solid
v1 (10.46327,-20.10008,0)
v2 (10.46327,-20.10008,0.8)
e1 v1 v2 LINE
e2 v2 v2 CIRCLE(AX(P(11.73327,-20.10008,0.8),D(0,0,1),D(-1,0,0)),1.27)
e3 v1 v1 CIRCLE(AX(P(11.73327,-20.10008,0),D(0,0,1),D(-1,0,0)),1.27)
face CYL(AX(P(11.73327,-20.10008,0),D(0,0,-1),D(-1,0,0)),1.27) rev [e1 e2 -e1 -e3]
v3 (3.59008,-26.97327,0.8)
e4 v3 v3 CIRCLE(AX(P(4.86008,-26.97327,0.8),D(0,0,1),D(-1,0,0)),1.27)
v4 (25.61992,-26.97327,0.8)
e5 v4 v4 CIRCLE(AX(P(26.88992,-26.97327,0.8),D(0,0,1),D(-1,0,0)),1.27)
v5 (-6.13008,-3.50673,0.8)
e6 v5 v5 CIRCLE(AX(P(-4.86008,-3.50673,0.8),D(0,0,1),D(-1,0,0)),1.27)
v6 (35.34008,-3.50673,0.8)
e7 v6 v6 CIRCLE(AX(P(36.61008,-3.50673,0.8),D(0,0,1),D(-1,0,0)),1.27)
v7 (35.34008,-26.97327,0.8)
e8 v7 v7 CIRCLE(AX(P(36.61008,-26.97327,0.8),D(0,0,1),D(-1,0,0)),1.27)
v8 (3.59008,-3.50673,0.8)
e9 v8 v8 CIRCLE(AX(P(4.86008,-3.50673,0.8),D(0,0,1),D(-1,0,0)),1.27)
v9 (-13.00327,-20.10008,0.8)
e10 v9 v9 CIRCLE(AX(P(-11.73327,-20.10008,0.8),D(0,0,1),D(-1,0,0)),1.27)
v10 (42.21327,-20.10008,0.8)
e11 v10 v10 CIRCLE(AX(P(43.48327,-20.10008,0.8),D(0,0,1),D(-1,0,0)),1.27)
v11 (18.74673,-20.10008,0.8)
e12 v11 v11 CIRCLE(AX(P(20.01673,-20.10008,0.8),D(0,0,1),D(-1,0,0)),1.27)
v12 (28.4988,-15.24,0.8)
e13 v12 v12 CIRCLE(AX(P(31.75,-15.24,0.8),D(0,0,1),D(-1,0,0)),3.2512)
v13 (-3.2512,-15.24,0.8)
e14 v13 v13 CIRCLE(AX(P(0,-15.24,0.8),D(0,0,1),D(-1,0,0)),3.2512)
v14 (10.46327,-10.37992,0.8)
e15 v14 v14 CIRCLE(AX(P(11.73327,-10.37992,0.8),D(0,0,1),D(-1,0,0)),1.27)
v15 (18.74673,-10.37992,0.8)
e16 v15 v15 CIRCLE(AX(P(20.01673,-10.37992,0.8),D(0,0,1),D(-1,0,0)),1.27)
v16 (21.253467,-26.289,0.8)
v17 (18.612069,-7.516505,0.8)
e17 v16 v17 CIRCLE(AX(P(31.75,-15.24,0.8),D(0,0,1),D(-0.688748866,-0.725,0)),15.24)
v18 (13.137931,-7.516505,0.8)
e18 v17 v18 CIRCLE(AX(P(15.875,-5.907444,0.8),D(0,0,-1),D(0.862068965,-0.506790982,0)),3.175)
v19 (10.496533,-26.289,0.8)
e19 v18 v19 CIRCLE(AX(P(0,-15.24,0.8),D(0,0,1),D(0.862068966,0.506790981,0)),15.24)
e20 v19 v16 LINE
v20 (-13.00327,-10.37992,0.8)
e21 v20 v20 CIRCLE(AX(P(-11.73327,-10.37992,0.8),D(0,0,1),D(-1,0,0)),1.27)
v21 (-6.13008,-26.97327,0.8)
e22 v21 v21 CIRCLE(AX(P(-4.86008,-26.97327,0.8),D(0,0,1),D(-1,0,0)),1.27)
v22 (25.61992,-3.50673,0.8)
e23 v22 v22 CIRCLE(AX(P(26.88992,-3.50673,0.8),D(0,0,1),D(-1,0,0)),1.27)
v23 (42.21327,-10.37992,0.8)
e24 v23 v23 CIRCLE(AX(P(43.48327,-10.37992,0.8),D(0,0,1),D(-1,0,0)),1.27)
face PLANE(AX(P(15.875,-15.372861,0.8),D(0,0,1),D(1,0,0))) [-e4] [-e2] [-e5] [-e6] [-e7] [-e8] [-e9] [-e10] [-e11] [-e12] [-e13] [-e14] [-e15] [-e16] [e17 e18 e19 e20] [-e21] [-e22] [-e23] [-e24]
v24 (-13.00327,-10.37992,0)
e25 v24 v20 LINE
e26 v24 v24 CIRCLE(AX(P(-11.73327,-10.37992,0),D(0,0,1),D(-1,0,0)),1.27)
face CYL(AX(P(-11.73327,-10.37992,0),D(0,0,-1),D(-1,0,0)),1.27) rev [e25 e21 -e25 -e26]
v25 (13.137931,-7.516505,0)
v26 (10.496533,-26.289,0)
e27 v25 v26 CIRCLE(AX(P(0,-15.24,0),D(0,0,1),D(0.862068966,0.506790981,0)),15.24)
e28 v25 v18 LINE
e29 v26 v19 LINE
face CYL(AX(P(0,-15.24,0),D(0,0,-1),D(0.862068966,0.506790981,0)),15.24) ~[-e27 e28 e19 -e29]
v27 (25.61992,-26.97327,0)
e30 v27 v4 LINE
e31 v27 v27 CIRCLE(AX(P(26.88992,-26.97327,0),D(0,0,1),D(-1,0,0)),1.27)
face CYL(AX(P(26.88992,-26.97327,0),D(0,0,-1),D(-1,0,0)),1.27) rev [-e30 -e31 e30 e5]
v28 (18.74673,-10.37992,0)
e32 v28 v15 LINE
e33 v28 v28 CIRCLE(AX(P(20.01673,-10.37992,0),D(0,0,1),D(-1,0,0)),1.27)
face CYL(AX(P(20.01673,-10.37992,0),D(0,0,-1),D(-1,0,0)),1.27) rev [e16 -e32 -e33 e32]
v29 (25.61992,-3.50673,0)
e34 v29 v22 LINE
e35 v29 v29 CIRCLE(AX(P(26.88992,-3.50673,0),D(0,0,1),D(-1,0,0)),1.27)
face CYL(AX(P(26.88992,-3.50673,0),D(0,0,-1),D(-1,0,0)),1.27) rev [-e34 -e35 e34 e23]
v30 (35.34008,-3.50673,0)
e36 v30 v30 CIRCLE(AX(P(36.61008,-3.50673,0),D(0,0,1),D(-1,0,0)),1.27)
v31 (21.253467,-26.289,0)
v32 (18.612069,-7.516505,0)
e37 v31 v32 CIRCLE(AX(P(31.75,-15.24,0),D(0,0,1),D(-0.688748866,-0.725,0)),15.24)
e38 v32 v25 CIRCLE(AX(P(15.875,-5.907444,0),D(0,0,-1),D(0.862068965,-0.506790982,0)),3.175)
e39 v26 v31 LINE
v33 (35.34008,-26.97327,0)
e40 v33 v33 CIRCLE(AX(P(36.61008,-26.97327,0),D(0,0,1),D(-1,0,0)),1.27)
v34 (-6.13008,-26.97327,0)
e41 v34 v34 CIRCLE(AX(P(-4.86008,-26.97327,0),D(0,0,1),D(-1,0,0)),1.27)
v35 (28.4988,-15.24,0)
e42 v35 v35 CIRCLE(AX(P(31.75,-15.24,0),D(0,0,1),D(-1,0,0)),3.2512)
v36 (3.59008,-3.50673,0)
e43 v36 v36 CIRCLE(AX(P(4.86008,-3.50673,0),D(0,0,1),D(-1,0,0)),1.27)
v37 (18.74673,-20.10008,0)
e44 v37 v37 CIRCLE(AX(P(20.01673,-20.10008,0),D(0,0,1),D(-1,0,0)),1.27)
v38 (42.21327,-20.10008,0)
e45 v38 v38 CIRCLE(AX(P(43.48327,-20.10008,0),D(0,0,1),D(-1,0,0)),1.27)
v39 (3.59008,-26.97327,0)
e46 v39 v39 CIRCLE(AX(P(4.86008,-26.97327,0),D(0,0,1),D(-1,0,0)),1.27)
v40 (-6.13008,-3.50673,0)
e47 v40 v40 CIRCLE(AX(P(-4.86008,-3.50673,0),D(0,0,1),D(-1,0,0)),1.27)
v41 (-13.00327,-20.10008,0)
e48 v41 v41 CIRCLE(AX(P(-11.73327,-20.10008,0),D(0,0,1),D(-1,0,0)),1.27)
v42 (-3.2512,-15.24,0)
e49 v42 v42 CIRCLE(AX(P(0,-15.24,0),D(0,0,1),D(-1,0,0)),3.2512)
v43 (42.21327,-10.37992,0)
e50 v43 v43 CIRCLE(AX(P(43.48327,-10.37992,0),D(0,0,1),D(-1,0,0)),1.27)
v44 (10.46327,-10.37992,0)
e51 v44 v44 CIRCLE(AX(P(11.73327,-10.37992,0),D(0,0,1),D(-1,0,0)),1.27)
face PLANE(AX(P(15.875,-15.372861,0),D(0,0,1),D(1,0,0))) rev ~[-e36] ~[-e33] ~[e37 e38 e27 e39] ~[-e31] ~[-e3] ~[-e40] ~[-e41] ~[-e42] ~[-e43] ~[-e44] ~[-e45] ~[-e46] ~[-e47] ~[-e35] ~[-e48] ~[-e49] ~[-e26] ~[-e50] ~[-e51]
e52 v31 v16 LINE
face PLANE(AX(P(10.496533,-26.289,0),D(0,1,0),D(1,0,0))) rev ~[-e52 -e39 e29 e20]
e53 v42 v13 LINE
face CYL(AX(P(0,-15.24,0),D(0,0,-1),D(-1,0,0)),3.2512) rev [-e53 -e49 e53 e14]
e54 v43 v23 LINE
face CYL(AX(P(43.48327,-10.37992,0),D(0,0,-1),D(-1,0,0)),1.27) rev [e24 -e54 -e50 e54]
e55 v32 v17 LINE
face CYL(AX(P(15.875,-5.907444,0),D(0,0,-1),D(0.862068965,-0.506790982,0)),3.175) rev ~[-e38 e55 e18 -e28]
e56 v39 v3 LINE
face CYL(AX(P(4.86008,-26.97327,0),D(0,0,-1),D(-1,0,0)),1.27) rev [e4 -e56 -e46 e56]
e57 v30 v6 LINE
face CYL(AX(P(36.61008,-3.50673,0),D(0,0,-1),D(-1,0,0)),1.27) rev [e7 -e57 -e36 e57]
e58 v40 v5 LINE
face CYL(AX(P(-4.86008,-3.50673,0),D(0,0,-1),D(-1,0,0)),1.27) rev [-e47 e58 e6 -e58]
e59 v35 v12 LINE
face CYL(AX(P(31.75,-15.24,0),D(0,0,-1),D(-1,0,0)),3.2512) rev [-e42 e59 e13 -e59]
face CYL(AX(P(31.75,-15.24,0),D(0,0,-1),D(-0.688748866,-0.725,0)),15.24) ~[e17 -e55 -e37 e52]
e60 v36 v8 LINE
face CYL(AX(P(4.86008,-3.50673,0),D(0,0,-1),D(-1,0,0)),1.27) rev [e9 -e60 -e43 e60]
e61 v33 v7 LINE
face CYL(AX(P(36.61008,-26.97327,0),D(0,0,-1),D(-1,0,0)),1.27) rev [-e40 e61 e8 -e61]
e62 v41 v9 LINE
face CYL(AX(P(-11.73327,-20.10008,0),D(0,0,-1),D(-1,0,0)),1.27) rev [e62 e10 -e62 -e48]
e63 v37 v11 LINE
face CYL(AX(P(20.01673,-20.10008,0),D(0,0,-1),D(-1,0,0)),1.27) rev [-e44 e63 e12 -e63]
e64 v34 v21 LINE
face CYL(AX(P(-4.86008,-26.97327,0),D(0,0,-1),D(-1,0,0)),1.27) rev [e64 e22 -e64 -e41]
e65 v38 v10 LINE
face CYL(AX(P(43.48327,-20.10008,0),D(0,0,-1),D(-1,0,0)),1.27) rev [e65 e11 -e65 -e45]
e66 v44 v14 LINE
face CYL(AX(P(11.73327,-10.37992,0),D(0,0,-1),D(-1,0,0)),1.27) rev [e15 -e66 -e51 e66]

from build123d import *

# Parameters (mm, degrees)
SKETCH1_R           = 3.2512
SKETCH1_R_2         = 1.27
BOSS_EXTRUDE1_DEPTH = 0.800000051


with BuildPart() as part:
    # Sketch1 → Boss-Extrude1 (new body)
    with BuildSketch(Plane.XY):
        with BuildLine():
            ThreePointArc((21.253467287, -26.289), (46.841342124, -13.11656107), (18.612068966, -7.516505446))
            ThreePointArc((18.612068966, -7.516505446), (15.875, -9.08244408), (13.137931034, -7.516505446))
            ThreePointArc((13.137931034, -7.516505446), (-15.091342124, -13.11656107), (10.496532713, -26.289))
            Line((10.496532713, -26.289), (21.253467287, -26.289))
        make_face()
        with Locations(Location((31.75, -15.24, 0), (0, 0, 180))):
            Circle(SKETCH1_R, mode=Mode.SUBTRACT)
        with Locations(Location((0, -15.24, 0), (0, 0, 180))):
            Circle(SKETCH1_R, mode=Mode.SUBTRACT)
        with Locations(Location((-11.733270063, -10.379920409, 0), (0, 0, 180))):
            Circle(SKETCH1_R_2, mode=Mode.SUBTRACT)
        with Locations(Location((11.733270063, -10.379920409, 0), (0, 0, 180))):
            Circle(SKETCH1_R_2, mode=Mode.SUBTRACT)
        with Locations(Location((-4.860079591, -3.506729937, 0), (0, 0, 180))):
            Circle(SKETCH1_R_2, mode=Mode.SUBTRACT)
        with Locations(Location((4.860079591, -3.506729937, 0), (0, 0, 180))):
            Circle(SKETCH1_R_2, mode=Mode.SUBTRACT)
        with Locations(Location((20.016729937, -10.379920409, 0), (0, 0, 180))):
            Circle(SKETCH1_R_2, mode=Mode.SUBTRACT)
        with Locations(Location((43.483270063, -10.379920409, 0), (0, 0, 180))):
            Circle(SKETCH1_R_2, mode=Mode.SUBTRACT)
        with Locations(Location((26.889920409, -3.506729937, 0), (0, 0, 180))):
            Circle(SKETCH1_R_2, mode=Mode.SUBTRACT)
        with Locations(Location((36.610079591, -3.506729937, 0), (0, 0, 180))):
            Circle(SKETCH1_R_2, mode=Mode.SUBTRACT)
        with Locations(Location((36.610079591, -26.973270063, 0), (0, 0, 180))):
            Circle(SKETCH1_R_2, mode=Mode.SUBTRACT)
        with Locations(Location((20.016729937, -20.100079591, 0), (0, 0, 180))):
            Circle(SKETCH1_R_2, mode=Mode.SUBTRACT)
        with Locations(Location((43.483270063, -20.100079591, 0), (0, 0, 180))):
            Circle(SKETCH1_R_2, mode=Mode.SUBTRACT)
        with Locations(Location((-4.860079591, -26.973270063, 0), (0, 0, 180))):
            Circle(SKETCH1_R_2, mode=Mode.SUBTRACT)
        with Locations(Location((4.860079591, -26.973270063, 0), (0, 0, 180))):
            Circle(SKETCH1_R_2, mode=Mode.SUBTRACT)
        with Locations(Location((-11.733270063, -20.100079591, 0), (0, 0, 180))):
            Circle(SKETCH1_R_2, mode=Mode.SUBTRACT)
        with Locations(Location((11.733270063, -20.100079591, 0), (0, 0, 180))):
            Circle(SKETCH1_R_2, mode=Mode.SUBTRACT)
        with Locations(Location((26.889920409, -26.973270063, 0), (0, 0, 180))):
            Circle(SKETCH1_R_2, mode=Mode.SUBTRACT)
    extrude(amount=BOSS_EXTRUDE1_DEPTH)


solid = part.part
